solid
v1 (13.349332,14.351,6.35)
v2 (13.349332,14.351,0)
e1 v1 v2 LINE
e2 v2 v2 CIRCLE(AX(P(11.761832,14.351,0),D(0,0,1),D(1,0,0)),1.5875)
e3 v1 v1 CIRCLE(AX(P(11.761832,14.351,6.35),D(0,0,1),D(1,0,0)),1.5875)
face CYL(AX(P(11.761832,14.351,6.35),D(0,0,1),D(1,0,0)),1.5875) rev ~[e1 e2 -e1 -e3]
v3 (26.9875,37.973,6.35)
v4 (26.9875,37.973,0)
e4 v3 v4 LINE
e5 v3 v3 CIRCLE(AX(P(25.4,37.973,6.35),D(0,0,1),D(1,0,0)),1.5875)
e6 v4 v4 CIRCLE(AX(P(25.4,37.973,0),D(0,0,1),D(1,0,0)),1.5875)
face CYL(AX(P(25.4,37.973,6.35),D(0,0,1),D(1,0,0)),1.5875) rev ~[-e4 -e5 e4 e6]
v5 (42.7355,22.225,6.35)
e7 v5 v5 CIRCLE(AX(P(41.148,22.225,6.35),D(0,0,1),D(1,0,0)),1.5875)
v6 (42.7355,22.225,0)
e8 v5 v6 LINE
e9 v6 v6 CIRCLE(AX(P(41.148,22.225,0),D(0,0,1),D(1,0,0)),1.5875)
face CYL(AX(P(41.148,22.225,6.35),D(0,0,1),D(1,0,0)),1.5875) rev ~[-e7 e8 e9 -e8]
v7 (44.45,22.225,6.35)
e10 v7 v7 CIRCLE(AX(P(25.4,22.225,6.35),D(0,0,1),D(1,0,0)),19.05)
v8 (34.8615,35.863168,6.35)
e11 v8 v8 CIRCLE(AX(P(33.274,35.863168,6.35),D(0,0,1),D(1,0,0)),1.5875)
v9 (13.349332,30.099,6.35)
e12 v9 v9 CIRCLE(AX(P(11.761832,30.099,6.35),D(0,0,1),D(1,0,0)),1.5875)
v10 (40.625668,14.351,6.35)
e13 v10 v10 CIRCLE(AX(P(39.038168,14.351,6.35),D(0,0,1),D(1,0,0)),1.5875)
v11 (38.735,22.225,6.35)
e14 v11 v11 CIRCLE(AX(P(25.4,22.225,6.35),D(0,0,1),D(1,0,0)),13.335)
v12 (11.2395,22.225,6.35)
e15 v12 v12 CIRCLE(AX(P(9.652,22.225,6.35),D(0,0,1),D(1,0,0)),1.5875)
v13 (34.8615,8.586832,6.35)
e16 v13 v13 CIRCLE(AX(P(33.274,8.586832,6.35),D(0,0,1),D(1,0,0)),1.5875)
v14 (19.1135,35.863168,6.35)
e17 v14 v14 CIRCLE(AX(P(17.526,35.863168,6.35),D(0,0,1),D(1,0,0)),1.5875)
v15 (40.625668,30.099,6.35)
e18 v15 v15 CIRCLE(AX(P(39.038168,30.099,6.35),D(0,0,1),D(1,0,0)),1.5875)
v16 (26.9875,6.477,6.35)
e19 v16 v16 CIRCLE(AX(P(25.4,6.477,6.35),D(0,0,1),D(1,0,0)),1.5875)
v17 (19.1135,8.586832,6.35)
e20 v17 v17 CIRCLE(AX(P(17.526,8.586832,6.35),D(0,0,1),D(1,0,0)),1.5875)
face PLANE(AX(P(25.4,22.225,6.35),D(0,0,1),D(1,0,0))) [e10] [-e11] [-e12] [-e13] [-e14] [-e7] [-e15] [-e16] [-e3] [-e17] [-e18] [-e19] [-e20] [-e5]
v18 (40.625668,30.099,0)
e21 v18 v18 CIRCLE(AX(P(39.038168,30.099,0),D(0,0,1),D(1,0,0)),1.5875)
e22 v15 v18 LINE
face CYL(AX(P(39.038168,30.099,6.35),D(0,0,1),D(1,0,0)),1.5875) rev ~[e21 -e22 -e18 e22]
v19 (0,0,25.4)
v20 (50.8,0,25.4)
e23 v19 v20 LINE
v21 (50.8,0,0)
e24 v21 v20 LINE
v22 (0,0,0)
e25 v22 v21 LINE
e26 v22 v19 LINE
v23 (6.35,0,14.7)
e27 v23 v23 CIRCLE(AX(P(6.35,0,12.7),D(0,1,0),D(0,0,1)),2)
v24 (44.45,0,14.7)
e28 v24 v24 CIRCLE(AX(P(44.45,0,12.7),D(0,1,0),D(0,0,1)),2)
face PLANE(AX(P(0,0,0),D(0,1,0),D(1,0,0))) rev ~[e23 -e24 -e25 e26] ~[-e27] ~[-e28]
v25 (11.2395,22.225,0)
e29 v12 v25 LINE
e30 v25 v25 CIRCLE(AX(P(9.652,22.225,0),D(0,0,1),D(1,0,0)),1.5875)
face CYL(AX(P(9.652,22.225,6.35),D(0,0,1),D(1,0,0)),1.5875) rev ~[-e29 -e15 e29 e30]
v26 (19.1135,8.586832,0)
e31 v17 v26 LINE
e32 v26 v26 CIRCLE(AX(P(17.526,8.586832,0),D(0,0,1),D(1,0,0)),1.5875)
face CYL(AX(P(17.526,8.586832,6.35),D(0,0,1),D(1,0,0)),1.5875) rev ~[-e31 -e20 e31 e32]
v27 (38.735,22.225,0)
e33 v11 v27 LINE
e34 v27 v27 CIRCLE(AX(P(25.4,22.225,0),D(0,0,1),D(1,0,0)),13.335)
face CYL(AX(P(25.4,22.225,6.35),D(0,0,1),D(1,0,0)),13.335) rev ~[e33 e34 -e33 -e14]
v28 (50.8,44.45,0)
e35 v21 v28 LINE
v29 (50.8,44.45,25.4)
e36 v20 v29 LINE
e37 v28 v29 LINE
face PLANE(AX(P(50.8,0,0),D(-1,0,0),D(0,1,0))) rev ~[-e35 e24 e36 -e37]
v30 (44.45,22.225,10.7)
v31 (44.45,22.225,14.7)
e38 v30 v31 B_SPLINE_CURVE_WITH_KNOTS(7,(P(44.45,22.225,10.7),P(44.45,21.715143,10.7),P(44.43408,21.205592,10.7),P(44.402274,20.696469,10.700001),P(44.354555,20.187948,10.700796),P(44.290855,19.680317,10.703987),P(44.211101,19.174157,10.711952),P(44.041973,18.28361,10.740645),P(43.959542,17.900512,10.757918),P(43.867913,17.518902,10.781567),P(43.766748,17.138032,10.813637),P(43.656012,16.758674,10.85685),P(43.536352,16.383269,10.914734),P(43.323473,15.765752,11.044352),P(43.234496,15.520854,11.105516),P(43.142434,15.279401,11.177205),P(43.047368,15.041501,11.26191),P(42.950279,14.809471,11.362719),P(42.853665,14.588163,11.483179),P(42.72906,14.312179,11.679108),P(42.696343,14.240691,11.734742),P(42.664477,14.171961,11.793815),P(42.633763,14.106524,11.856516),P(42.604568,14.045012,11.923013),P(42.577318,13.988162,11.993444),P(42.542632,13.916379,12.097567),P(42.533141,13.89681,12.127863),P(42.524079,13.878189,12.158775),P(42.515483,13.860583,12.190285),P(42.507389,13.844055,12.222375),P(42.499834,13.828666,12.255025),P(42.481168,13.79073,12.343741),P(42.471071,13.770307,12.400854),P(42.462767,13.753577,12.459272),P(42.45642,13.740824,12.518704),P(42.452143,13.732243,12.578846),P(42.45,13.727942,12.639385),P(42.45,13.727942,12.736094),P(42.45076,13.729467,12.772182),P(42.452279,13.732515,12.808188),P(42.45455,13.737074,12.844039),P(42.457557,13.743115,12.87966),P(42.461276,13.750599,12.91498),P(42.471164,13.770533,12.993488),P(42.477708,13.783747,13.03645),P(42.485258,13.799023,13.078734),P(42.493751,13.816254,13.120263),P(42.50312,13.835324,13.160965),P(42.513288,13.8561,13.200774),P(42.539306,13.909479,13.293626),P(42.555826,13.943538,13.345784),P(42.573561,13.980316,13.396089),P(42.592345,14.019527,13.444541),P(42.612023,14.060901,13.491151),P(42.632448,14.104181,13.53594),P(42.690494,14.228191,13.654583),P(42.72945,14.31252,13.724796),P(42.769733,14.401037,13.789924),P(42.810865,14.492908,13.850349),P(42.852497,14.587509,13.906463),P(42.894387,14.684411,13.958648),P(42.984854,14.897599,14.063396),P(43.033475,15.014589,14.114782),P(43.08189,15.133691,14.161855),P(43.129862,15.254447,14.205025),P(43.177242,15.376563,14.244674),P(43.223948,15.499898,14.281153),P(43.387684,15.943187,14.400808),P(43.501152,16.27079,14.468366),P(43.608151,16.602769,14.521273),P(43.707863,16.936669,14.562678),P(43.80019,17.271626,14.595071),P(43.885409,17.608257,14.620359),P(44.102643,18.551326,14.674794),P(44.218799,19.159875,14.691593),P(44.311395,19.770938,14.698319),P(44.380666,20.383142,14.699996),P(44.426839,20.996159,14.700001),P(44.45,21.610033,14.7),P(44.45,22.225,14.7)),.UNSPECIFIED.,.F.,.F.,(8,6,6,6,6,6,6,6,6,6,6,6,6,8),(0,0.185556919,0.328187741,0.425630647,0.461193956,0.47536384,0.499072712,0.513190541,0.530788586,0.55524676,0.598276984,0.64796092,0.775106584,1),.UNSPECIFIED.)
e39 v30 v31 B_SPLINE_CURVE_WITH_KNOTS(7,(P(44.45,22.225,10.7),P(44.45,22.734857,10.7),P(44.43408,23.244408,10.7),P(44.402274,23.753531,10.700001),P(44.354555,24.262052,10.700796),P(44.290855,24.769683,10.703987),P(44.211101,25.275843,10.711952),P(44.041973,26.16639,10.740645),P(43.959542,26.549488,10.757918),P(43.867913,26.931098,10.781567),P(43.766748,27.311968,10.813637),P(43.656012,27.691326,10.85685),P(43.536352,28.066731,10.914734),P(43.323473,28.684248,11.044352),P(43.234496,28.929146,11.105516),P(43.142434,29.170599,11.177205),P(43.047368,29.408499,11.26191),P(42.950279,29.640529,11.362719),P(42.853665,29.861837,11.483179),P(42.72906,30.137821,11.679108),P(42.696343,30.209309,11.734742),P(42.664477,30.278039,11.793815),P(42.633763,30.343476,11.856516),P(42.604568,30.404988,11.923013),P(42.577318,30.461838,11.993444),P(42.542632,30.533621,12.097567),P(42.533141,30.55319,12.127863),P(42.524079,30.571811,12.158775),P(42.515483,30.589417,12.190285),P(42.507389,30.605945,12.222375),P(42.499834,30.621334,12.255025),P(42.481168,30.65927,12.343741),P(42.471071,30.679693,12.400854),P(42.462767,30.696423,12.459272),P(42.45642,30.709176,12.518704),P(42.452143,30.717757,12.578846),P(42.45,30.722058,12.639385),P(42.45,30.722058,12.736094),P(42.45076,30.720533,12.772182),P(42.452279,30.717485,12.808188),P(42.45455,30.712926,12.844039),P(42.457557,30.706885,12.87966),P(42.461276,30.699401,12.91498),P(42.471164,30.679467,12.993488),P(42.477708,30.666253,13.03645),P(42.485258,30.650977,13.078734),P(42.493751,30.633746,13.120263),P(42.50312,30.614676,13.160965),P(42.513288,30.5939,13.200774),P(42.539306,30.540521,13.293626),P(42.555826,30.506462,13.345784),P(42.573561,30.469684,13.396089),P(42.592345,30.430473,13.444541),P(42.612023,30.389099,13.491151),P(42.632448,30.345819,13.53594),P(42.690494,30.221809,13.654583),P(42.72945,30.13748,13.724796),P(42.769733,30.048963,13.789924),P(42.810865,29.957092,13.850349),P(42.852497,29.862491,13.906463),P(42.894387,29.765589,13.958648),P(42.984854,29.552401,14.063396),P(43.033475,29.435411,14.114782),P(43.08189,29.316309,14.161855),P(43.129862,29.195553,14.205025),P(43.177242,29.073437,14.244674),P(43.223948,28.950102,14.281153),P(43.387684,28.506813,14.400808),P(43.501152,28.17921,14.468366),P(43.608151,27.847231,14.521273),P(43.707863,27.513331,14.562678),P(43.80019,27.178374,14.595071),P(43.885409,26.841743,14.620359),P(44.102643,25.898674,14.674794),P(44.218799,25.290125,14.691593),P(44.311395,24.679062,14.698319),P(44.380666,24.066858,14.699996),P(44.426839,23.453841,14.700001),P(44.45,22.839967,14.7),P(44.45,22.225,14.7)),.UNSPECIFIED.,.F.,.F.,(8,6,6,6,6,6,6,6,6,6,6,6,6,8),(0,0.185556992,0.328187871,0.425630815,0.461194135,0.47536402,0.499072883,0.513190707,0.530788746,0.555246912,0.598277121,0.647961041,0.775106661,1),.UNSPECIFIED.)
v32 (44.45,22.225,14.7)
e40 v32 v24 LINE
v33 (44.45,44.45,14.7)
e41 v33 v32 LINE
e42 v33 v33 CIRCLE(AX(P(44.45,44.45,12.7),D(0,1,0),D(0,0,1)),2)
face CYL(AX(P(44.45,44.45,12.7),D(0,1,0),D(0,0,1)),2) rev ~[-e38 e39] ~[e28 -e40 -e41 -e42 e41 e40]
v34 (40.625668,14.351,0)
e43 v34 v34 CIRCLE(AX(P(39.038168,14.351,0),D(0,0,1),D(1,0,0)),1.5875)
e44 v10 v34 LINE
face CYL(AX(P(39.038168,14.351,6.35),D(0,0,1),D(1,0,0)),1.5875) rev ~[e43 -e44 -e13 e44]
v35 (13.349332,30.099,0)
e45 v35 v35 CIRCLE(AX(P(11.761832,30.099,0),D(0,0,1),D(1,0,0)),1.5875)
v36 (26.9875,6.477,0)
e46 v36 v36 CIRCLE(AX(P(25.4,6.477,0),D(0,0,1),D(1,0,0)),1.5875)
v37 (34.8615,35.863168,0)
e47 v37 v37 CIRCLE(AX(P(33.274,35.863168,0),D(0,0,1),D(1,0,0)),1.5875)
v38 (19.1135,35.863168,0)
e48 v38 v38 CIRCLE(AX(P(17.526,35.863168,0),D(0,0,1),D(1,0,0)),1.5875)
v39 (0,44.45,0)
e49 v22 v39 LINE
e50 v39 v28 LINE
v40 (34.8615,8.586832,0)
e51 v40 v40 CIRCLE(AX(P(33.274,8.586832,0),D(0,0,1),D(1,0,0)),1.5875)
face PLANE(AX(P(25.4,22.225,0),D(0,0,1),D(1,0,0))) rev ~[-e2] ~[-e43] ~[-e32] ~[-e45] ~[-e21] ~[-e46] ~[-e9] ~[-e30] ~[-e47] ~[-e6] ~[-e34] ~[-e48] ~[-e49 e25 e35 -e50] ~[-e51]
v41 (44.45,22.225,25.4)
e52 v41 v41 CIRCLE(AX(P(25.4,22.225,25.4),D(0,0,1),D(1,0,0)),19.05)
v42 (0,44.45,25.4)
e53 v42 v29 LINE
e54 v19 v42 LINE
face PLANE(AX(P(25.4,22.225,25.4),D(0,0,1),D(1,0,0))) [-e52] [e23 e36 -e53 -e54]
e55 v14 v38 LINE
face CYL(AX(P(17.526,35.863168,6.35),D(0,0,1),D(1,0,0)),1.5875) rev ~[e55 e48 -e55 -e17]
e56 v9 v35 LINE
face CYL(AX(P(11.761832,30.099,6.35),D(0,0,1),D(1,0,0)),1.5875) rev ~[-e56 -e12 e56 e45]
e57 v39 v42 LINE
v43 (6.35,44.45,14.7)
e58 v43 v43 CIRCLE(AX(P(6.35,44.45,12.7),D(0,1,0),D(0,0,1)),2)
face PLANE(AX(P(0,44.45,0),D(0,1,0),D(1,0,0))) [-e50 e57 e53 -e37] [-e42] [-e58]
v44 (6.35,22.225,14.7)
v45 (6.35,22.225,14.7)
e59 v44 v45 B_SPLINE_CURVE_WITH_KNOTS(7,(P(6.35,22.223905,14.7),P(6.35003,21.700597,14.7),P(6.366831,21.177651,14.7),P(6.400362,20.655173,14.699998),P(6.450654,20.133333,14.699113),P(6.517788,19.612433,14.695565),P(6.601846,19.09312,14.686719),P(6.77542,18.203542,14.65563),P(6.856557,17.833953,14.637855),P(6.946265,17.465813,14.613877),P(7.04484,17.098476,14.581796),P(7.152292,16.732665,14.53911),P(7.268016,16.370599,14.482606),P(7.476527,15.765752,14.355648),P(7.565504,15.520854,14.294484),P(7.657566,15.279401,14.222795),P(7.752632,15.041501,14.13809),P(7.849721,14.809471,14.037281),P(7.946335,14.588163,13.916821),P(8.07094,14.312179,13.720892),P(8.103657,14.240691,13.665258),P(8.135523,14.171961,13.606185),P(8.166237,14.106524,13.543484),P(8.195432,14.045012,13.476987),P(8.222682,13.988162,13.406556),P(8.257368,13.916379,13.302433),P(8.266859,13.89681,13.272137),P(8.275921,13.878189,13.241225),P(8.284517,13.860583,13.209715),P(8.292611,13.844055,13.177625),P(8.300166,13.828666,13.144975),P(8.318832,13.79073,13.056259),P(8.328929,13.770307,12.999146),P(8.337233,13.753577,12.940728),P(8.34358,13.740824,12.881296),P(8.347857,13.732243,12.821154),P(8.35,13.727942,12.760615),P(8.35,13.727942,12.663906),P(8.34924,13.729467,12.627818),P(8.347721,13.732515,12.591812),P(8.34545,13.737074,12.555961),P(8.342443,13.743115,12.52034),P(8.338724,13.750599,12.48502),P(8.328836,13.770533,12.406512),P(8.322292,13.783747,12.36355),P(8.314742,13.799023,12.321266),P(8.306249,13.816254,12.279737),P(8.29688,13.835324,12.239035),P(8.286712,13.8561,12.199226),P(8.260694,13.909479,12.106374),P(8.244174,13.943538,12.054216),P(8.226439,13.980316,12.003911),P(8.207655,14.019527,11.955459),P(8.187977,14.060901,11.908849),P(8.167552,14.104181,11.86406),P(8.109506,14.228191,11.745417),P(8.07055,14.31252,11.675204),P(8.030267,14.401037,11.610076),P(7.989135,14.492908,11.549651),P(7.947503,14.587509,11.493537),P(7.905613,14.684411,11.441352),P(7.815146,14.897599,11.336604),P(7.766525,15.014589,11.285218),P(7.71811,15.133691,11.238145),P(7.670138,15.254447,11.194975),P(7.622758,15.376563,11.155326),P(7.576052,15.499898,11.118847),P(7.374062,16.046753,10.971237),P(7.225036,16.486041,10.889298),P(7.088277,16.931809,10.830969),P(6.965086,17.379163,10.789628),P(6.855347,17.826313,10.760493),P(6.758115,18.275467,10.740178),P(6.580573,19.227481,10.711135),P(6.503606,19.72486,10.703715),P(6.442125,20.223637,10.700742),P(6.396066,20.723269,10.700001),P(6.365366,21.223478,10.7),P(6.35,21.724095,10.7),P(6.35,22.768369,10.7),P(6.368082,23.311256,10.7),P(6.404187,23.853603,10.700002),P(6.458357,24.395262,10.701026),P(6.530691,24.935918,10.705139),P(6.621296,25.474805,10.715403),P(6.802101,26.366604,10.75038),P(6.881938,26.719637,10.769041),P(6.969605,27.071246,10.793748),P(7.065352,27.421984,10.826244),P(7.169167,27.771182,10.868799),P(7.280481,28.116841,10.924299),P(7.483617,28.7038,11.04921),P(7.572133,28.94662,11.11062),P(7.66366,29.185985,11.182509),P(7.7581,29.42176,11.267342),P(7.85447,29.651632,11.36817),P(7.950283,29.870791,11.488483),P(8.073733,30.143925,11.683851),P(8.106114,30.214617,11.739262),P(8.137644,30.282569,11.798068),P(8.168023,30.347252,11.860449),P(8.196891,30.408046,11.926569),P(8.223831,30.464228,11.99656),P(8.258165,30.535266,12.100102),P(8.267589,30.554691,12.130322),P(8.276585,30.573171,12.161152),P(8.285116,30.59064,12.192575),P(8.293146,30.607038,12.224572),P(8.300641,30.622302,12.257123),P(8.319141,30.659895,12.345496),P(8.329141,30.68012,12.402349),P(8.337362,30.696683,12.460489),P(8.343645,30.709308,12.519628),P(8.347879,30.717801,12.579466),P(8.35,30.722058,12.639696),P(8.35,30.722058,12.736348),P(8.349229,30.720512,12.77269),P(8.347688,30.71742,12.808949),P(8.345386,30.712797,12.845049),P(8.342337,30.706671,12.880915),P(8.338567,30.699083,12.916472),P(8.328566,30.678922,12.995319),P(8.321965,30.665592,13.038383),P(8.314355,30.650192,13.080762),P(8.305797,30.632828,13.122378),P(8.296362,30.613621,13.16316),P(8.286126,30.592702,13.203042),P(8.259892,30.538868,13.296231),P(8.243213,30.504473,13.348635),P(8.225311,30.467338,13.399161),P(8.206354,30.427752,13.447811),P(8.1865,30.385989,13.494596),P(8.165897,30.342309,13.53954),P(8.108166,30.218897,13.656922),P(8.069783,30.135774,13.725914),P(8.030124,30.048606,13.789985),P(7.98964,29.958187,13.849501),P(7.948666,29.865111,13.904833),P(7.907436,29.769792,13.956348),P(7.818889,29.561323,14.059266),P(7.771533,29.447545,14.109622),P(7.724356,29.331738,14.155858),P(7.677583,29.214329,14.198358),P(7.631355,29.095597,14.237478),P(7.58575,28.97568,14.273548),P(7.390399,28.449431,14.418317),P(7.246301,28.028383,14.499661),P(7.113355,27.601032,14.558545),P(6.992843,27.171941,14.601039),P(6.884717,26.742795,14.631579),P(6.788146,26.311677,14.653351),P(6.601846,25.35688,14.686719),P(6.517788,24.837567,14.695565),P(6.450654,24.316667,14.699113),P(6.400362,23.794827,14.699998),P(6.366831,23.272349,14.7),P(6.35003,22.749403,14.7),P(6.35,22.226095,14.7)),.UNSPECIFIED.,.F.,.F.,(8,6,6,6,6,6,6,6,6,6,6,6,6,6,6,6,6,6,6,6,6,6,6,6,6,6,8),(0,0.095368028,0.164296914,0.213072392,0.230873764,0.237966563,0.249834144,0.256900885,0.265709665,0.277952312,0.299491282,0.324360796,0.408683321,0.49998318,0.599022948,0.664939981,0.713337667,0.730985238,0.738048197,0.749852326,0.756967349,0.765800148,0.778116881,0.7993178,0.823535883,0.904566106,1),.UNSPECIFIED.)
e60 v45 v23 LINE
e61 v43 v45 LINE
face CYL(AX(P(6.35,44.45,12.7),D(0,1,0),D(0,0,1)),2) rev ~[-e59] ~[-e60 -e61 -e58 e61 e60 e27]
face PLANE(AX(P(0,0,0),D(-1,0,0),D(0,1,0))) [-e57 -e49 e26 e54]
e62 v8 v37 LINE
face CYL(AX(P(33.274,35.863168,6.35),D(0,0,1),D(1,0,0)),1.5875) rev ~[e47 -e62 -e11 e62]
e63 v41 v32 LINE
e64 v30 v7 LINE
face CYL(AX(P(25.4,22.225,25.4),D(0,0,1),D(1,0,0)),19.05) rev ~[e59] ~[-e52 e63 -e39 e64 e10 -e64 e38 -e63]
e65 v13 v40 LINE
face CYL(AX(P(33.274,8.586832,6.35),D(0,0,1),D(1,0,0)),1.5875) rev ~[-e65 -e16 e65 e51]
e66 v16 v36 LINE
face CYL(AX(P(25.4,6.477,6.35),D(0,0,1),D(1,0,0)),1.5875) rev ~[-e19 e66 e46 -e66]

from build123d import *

# Parameters (mm, degrees)
SKETCH1_W           = 50.8
SKETCH1_H           = 44.45
BOSS_EXTRUDE1_DEPTH = 25.4
SKETCH2_R           = 19.05
CUT_EXTRUDE1_DEPTH  = 19.05
SKETCH3_R           = 13.335
SKETCH3_R_2         = 1.5875
CUT_EXTRUDE2_DEPTH  = 71.138042459
SKETCH4_R           = 2
CUT_EXTRUDE3_DEPTH  = 73.122135992


with BuildPart() as part:
    # Sketch1 → Boss-Extrude1 (new body)
    with BuildSketch(Plane.XY):
        with Locations((25.4, 22.225)):
            Rectangle(SKETCH1_W, SKETCH1_H)
    extrude(amount=BOSS_EXTRUDE1_DEPTH)

    # Sketch2 → Cut-Extrude1 (cut)
    with BuildSketch(Plane.XY.offset(25.4)):
        with Locations((25.4, 22.225)):
            Circle(SKETCH2_R)
    extrude(amount=-CUT_EXTRUDE1_DEPTH, mode=Mode.SUBTRACT)

    # Sketch3 → Cut-Extrude2 (cut, through all)
    with BuildSketch(Plane.XY.offset(6.35)):
        with Locations((25.4, 22.225)):
            Circle(SKETCH3_R)
        with Locations((9.652, 22.225)):
            Circle(SKETCH3_R_2)
        with Locations((11.761831941, 30.099)):
            Circle(SKETCH3_R_2)
        with Locations((17.526, 35.863168059)):
            Circle(SKETCH3_R_2)
        with Locations((25.4, 37.973)):
            Circle(SKETCH3_R_2)
        with Locations((33.274, 35.863168059)):
            Circle(SKETCH3_R_2)
        with Locations((39.038168059, 30.099)):
            Circle(SKETCH3_R_2)
        with Locations((41.148, 22.225)):
            Circle(SKETCH3_R_2)
        with Locations((39.038168059, 14.351)):
            Circle(SKETCH3_R_2)
        with Locations((33.274, 8.586831941)):
            Circle(SKETCH3_R_2)
        with Locations((25.4, 6.477)):
            Circle(SKETCH3_R_2)
        with Locations((17.526, 8.586831941)):
            Circle(SKETCH3_R_2)
        with Locations((11.761831941, 14.351)):
            Circle(SKETCH3_R_2)
    extrude(amount=-CUT_EXTRUDE2_DEPTH, mode=Mode.SUBTRACT)

    # Sketch4 → Cut-Extrude3 (cut, through all)
    with BuildSketch(Plane(origin=(0, 44.45, 0), x_dir=(1, 0, 0), z_dir=(0, 1, 0))):
        with Locations(Location((6.35, -12.7, 0), (0, 0, 270))):
            Circle(SKETCH4_R)
        with Locations(Location((44.45, -12.7, 0), (0, 0, 270))):
            Circle(SKETCH4_R)
    extrude(amount=-CUT_EXTRUDE3_DEPTH, mode=Mode.SUBTRACT)


solid = part.part
